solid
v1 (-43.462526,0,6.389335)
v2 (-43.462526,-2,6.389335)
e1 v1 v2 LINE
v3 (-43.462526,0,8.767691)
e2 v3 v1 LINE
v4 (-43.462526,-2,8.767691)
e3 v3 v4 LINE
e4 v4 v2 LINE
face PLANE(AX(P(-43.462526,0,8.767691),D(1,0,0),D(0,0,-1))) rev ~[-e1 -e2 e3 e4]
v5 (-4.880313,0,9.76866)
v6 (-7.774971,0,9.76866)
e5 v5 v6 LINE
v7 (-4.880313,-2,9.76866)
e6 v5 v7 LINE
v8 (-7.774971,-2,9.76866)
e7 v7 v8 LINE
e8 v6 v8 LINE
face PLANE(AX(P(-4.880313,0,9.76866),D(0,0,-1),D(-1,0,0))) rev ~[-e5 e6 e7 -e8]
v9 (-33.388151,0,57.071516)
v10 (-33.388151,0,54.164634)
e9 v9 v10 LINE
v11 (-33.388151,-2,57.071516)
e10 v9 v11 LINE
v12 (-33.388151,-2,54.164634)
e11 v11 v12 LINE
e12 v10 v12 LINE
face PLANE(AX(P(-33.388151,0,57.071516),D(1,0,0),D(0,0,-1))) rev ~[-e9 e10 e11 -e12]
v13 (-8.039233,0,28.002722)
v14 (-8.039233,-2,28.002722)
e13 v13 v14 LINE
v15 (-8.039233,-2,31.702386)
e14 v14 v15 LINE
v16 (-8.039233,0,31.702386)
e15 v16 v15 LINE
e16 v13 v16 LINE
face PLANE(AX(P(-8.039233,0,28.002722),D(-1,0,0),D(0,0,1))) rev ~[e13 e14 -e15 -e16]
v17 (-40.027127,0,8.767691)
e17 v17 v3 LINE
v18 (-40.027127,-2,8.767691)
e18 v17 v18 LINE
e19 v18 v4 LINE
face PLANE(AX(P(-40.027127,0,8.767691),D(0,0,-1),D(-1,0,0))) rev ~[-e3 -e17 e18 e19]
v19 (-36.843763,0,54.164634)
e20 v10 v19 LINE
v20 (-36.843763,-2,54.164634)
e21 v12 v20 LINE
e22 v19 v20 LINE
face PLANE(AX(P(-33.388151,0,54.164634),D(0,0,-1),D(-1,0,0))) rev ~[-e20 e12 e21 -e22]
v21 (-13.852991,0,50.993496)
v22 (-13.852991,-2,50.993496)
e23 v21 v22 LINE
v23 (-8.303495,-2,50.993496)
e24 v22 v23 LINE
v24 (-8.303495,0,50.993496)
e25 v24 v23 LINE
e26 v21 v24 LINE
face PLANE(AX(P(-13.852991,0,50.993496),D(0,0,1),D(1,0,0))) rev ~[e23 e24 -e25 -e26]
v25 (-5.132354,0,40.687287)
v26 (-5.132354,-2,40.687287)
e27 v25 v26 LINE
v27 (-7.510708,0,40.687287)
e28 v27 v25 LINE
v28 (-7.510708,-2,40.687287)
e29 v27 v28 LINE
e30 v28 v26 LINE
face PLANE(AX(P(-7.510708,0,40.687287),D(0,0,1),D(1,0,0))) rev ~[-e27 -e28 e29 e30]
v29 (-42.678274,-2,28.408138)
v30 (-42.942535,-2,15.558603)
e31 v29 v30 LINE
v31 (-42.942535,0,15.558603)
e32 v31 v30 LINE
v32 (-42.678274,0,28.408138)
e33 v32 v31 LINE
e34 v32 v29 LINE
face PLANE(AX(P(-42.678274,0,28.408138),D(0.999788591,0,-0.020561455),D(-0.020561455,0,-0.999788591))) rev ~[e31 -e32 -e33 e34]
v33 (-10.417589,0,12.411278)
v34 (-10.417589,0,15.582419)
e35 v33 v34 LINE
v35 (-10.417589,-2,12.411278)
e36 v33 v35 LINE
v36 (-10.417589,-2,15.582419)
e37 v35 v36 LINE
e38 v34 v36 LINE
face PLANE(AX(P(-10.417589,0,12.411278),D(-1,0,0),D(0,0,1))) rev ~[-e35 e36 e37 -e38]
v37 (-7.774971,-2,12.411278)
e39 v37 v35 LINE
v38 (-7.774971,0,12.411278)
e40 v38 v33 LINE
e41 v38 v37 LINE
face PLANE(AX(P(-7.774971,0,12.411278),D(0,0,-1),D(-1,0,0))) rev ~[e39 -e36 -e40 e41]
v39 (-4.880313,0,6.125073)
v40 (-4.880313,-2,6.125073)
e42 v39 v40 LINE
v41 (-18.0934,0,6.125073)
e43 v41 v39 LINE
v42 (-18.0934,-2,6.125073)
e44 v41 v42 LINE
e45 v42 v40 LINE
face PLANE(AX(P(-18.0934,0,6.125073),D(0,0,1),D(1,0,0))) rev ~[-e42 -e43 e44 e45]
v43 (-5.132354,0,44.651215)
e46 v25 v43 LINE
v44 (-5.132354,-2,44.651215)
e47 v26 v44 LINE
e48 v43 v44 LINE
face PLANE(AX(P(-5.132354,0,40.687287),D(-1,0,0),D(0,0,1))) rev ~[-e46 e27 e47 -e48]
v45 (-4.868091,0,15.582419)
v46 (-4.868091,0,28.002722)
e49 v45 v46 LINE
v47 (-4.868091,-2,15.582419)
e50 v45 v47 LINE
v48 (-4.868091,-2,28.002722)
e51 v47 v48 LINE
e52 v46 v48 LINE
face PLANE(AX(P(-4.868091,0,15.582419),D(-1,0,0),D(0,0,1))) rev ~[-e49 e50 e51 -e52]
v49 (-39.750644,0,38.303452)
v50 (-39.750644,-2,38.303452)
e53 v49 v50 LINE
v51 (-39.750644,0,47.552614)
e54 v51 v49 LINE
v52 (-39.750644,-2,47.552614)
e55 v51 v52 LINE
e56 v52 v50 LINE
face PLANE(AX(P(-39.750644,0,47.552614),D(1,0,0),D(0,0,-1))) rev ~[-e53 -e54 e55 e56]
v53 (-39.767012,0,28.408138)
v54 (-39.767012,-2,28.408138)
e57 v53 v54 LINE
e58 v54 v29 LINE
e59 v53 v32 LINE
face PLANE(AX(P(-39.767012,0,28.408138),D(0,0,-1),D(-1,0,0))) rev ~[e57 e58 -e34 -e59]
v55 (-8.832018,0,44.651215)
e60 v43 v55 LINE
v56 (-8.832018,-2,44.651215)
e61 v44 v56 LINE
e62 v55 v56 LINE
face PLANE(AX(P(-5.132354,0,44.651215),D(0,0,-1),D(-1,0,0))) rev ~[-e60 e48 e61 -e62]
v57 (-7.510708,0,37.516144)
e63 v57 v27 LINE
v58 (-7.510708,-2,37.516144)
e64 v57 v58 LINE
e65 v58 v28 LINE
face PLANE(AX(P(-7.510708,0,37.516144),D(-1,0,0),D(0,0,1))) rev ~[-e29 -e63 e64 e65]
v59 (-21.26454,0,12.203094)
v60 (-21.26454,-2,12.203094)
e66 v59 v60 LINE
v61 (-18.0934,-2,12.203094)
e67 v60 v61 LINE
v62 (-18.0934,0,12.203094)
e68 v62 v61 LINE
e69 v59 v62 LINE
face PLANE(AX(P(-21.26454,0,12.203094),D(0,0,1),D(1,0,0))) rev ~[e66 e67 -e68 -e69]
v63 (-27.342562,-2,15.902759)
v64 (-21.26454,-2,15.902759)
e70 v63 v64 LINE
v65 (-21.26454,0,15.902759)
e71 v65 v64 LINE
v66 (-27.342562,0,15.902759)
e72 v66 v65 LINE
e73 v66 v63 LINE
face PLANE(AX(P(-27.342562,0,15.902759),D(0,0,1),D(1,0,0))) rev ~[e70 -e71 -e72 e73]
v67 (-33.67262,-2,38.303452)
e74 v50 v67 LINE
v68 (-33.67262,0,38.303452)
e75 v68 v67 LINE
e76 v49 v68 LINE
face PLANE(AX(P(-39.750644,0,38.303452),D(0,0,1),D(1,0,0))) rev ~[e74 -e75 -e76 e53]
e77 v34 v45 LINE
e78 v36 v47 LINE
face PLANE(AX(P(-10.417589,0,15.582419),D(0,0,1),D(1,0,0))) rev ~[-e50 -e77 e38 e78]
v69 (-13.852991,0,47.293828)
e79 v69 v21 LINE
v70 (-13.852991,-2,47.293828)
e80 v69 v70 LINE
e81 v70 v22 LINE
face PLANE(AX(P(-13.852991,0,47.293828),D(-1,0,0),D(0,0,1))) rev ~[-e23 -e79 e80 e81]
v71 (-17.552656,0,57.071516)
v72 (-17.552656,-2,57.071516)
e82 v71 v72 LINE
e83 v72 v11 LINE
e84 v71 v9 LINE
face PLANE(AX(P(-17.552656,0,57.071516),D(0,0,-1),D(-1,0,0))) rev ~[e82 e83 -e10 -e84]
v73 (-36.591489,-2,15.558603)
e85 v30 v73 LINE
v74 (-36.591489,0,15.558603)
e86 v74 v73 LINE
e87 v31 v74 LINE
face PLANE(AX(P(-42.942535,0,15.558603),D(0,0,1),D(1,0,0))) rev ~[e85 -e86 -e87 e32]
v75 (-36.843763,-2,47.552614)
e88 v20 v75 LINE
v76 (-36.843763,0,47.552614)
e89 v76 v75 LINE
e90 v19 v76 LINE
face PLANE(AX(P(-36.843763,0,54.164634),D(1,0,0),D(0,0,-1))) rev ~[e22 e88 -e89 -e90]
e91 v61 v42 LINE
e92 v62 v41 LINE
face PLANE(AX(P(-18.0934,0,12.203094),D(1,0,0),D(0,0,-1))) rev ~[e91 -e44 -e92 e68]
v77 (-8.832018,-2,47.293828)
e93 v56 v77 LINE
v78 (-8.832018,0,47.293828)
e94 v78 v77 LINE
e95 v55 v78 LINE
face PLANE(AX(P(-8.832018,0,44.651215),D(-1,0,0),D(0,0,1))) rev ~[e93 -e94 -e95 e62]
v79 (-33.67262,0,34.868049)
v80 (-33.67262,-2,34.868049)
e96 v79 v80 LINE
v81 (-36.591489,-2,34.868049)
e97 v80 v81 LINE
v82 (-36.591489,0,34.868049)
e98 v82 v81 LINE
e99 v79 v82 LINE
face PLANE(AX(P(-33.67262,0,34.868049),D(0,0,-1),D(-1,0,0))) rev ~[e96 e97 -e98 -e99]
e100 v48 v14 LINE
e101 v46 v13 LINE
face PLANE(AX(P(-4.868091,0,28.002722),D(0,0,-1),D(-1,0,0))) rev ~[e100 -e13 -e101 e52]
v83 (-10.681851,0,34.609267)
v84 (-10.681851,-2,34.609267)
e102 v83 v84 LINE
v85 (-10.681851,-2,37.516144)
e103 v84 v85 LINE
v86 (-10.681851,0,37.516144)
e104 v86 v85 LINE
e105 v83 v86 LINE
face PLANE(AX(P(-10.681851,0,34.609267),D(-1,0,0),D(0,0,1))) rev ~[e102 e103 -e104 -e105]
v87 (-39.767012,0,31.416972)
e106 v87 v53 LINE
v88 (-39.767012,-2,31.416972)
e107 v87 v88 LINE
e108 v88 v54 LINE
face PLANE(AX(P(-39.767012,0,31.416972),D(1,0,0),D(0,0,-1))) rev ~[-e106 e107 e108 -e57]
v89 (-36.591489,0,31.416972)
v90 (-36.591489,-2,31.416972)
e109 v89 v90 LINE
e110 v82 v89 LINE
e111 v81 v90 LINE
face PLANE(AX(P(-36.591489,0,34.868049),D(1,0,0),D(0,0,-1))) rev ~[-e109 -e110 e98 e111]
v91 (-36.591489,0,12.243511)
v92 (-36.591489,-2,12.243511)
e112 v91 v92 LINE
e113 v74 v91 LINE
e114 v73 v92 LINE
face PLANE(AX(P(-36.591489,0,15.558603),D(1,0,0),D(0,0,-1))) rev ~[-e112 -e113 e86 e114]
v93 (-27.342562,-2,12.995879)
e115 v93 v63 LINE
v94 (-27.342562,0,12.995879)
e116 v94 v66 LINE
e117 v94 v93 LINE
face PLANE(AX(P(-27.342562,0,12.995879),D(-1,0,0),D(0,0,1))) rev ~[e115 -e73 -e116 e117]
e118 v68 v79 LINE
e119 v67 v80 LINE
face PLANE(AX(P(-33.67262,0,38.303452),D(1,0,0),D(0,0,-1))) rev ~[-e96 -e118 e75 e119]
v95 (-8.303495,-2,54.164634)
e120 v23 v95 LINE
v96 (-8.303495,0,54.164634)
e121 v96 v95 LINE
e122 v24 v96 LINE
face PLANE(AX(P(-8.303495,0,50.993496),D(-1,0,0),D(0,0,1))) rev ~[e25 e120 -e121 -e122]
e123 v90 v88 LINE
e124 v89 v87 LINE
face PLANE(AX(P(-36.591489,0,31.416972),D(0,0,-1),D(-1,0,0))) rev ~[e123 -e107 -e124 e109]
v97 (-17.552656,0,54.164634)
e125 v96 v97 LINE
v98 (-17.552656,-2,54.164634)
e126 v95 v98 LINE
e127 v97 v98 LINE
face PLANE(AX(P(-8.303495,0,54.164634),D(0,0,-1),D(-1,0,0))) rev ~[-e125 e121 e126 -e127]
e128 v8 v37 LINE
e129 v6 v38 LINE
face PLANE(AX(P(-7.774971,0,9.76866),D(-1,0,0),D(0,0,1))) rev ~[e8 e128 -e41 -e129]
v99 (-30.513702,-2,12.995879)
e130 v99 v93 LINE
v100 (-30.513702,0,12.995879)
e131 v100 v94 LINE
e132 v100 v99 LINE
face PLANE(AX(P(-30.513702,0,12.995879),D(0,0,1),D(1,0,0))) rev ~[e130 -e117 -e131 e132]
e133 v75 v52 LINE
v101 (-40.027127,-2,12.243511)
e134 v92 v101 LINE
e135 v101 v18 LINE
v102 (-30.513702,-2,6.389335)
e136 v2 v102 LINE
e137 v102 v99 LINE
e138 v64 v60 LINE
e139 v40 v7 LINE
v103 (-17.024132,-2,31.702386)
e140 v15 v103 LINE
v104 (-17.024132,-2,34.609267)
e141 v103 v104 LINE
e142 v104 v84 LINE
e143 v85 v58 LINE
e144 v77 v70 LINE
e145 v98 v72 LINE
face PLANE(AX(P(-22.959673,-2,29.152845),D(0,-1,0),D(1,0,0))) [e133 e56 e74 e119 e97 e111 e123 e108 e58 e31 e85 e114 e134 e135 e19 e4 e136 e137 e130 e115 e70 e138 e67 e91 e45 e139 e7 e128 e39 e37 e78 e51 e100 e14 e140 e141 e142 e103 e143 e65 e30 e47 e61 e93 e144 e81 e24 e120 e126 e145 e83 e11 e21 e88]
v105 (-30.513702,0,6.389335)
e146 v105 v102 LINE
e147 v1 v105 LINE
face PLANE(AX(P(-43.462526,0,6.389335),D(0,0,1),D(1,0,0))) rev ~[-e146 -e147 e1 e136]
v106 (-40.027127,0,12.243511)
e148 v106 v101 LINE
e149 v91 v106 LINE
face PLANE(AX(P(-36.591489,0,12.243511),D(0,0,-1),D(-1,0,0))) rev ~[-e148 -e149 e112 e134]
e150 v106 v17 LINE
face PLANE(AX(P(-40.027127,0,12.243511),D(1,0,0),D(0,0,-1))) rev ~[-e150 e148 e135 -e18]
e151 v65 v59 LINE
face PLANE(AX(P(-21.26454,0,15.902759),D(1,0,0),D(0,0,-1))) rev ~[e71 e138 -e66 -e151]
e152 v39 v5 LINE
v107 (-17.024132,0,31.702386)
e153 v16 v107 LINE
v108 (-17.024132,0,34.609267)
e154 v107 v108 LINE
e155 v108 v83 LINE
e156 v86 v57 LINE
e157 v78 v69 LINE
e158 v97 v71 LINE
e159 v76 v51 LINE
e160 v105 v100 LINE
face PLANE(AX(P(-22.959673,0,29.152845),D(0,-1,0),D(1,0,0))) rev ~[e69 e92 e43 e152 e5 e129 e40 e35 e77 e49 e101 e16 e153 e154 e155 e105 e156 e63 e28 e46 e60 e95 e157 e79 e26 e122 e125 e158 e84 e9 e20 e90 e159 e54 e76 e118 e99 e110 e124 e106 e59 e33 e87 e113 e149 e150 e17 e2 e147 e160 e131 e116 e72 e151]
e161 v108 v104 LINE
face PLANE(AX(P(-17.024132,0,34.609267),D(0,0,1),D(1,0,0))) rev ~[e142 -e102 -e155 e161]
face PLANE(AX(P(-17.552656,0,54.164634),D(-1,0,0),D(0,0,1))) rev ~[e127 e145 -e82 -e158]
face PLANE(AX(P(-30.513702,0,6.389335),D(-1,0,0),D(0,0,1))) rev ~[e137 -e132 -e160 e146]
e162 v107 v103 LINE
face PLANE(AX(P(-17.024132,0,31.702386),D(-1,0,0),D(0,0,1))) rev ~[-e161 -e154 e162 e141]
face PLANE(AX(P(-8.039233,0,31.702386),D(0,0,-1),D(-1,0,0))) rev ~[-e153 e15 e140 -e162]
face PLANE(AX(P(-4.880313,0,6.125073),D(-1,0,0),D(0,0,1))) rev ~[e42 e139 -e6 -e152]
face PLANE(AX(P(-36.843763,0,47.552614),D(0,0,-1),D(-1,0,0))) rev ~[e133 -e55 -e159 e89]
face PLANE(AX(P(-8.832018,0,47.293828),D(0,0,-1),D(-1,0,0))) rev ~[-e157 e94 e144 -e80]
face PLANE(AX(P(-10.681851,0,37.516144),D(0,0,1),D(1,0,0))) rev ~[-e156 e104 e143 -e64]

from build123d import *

# Parameters (mm, degrees)
F1_DEPTH = 2


with BuildPart() as f1:
    # F0 (on Front) → F1 (new body)
    with BuildSketch(Plane.XZ):
        Polygon((-33.388151, 57.071516), (-33.388151, 54.164634), (-36.843763, 54.164634), (-36.843763, 50.998166), (-36.843763, 47.552614), (-39.750644, 47.552614), (-39.750644, 38.303452), (-33.67262, 38.303452), (-33.67262, 34.868049), (-36.591489, 34.868049), (-36.591489, 31.416972), (-39.767012, 31.416972), (-39.767012, 28.408138), (-42.678274, 28.408138), (-42.942535, 15.558603), (-36.591489, 15.558603), (-36.591489, 12.243511), (-40.027127, 12.243511), (-40.027127, 8.767691), (-43.462526, 8.767691), (-43.462526, 6.389335), (-30.513702, 6.389335), (-30.513702, 12.995879), (-27.342562, 12.995879), (-27.342562, 15.902759), (-21.26454, 15.902759), (-21.26454, 12.203094), (-18.0934, 12.203094), (-18.0934, 6.125073), (-4.880313, 6.125073), (-4.880313, 9.76866), (-7.774971, 9.76866), (-7.774971, 12.411278), (-10.417589, 12.411278), (-10.417589, 15.582419), (-4.868091, 15.582419), (-4.868091, 28.002722), (-8.039233, 28.002722), (-8.039233, 31.702386), (-17.024132, 31.702386), (-17.024132, 34.609267), (-10.681851, 34.609267), (-10.681851, 37.516144), (-7.510708, 37.516144), (-7.510708, 40.687287), (-5.132354, 40.687287), (-5.132354, 44.651215), (-8.832018, 44.651215), (-8.832018, 47.293828), (-13.852991, 47.293828), (-13.852991, 50.993496), (-8.303495, 50.993496), (-8.303495, 54.164634), (-17.552656, 54.164634), (-17.552656, 57.071516), align=None)
    extrude(amount=F1_DEPTH)


solid = f1.part
